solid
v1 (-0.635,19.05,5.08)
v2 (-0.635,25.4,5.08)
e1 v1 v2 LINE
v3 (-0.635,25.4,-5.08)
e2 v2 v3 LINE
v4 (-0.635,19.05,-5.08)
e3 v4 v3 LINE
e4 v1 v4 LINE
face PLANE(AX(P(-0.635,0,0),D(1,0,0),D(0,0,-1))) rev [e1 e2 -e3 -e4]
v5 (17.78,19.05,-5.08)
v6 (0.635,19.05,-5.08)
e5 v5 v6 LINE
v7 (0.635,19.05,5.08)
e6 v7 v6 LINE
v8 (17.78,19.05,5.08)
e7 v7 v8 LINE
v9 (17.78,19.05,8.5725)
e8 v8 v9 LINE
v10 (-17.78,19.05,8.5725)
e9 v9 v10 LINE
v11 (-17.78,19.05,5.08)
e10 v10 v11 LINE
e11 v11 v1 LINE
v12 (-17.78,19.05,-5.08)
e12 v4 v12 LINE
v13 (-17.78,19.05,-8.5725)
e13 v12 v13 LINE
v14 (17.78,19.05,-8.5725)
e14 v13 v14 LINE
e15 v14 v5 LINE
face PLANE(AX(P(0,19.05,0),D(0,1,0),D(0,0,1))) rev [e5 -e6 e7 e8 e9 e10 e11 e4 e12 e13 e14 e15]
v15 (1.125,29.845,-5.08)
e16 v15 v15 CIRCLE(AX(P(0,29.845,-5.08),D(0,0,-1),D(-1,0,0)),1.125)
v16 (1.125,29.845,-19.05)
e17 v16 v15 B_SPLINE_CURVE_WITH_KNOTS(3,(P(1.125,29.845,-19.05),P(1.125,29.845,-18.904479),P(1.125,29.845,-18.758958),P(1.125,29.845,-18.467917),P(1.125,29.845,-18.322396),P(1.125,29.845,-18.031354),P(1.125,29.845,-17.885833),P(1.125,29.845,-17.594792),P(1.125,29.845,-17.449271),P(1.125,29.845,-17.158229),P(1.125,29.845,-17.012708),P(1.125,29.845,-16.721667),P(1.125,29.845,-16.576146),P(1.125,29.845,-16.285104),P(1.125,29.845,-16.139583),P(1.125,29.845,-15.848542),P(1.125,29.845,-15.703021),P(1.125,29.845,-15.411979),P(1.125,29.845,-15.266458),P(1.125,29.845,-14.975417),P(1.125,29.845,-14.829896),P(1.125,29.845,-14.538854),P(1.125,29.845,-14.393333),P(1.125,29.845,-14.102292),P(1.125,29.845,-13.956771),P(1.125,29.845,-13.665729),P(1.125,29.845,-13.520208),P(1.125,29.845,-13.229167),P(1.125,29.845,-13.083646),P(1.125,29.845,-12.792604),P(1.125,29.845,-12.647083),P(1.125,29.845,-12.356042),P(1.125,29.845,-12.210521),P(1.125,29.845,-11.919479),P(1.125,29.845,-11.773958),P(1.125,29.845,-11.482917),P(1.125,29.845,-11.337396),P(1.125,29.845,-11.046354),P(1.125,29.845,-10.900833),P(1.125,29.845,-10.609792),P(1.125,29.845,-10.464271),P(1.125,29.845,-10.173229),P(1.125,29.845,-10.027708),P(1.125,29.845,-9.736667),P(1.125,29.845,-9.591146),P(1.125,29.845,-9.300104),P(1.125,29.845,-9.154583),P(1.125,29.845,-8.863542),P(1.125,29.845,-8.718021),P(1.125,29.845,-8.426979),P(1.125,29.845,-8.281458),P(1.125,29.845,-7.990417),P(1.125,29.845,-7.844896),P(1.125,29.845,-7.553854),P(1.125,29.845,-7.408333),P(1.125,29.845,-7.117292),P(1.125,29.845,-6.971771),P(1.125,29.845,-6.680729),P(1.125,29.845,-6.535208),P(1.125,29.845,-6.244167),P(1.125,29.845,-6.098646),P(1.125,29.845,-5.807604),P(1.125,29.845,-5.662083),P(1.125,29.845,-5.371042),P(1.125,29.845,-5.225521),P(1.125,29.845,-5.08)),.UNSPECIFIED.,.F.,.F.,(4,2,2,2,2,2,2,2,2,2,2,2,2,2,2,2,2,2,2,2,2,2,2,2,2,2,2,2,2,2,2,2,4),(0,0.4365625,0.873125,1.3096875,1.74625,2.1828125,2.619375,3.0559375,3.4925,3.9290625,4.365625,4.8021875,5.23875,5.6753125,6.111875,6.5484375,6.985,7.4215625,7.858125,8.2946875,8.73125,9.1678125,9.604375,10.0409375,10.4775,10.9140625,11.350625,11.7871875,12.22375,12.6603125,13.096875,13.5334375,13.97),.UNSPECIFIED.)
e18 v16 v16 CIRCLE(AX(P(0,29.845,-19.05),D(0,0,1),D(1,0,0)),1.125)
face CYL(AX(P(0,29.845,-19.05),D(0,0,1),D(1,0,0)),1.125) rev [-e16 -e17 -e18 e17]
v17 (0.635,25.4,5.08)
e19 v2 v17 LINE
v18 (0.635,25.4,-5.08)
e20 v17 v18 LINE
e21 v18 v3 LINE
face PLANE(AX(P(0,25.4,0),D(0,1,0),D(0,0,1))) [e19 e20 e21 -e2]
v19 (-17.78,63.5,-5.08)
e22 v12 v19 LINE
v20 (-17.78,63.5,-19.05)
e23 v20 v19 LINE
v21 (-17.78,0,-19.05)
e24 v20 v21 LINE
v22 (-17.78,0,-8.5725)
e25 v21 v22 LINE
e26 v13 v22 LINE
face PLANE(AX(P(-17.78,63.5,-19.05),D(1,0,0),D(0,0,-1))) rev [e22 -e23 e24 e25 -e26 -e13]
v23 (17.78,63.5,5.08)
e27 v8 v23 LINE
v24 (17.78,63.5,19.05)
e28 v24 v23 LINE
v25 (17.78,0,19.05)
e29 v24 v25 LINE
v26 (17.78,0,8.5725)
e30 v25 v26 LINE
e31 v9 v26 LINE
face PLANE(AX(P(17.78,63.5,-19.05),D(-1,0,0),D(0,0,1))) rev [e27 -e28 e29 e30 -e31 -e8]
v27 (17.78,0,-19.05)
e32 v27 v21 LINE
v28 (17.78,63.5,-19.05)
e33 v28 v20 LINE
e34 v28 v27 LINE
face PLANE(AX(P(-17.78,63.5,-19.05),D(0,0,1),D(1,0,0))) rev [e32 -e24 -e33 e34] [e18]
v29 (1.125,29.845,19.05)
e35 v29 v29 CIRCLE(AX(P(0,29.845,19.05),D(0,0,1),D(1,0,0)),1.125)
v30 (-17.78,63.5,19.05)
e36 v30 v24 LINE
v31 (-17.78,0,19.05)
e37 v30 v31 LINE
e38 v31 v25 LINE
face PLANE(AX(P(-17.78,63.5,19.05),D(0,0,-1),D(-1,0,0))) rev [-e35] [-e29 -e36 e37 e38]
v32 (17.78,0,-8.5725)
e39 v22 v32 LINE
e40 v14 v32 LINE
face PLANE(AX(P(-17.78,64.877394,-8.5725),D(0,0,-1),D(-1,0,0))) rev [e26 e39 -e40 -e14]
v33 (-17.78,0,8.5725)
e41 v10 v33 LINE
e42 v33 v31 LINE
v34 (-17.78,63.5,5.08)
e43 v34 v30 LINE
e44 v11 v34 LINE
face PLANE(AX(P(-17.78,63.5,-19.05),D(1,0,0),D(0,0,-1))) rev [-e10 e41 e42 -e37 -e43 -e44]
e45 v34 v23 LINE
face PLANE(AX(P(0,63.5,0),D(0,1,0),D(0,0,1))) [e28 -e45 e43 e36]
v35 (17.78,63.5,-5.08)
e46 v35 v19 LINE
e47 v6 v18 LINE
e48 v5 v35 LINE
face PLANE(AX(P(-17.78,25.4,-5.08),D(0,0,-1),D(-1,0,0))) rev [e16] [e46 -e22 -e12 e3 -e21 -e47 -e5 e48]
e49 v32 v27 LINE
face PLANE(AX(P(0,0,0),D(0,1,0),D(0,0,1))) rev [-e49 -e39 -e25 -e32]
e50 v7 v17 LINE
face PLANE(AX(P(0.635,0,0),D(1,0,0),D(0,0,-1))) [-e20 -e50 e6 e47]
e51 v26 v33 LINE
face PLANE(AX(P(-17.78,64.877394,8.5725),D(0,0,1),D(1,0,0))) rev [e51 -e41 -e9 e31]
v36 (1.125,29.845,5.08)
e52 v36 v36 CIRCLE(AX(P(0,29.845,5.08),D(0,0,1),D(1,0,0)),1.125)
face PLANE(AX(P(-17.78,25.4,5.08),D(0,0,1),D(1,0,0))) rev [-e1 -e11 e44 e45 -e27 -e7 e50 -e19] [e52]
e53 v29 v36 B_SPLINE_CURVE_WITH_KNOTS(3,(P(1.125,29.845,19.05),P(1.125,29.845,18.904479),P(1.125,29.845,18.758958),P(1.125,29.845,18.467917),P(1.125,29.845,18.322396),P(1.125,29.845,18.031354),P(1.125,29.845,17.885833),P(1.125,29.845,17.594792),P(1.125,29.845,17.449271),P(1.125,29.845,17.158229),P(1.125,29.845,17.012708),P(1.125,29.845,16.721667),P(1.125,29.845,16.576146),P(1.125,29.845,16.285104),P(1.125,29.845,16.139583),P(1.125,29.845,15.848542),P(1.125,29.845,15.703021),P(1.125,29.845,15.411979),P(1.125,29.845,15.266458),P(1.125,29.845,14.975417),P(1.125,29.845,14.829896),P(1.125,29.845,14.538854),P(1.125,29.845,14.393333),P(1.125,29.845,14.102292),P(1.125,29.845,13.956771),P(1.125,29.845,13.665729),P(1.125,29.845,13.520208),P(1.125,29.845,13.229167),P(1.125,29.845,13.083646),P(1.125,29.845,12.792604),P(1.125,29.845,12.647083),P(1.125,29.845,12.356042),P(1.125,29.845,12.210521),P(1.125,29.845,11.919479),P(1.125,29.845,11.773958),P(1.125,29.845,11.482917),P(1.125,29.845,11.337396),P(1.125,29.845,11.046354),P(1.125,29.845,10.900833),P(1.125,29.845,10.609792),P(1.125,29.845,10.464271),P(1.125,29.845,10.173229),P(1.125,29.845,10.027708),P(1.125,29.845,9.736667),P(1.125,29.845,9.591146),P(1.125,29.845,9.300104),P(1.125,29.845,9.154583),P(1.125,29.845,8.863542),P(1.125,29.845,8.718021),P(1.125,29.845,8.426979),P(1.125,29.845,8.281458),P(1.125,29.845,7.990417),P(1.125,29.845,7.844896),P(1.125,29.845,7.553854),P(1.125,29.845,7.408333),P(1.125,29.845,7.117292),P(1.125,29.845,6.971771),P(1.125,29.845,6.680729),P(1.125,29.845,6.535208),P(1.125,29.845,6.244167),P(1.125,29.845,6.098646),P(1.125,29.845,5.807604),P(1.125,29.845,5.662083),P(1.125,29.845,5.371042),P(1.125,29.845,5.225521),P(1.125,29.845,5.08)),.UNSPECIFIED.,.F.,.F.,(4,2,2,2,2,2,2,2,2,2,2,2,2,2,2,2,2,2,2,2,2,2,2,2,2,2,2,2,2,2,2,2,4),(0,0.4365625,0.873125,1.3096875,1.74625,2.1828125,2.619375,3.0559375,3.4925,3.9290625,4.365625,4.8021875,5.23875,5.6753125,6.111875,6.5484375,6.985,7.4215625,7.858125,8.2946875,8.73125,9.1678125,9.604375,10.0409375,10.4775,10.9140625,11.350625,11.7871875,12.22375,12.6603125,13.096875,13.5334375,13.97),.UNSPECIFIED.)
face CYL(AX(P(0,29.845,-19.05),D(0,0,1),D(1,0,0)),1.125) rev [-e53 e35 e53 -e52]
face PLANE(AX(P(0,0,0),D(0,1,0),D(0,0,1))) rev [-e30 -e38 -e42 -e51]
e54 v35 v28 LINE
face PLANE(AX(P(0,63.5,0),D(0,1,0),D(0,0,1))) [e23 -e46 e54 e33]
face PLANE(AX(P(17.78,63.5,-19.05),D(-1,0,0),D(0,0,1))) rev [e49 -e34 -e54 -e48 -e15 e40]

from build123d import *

# Parameters (mm, degrees)
SKETCH1_W               = 35.56
SKETCH1_H               = 38.1
BOSS_EXTRUDE1_DEPTH     = 63.5
SKETCH3_W               = 35.56
SKETCH3_H               = 10.16
CUT_EXTRUDE1_DEPTH      = 38.1
SKETCH4_W               = 35.56
SKETCH4_H               = 17.145
CUT_EXTRUDE2_DEPTH      = 19.05
SKETCH5_W               = 17.145
SKETCH5_H               = 10.16
CUT_EXTRUDE3_DEPTH      = 47.158865887
CUT_EXTRUDE4_DEPTH      = 71.21848261
CUT_EXTRUDE4_DEPTH_BACK = 71.21848261
SKETCH6_R               = 1.125


with BuildPart() as part:
    # Sketch1 → Boss-Extrude1 (new body)
    with BuildSketch(Plane(origin=(0, 0, 0), x_dir=(1, 0, 0), z_dir=(0, 1, 0))):
        Rectangle(SKETCH1_W, SKETCH1_H)
    extrude(amount=BOSS_EXTRUDE1_DEPTH)

    # Sketch3 → Cut-Extrude1 (cut)
    with BuildSketch(Plane(origin=(0, 63.5, 0), x_dir=(1, 0, 0), z_dir=(0, 1, 0))):
        Rectangle(SKETCH3_W, SKETCH3_H)
    extrude(amount=-CUT_EXTRUDE1_DEPTH, mode=Mode.SUBTRACT)

    # Sketch4 → Cut-Extrude2 (cut)
    with BuildSketch(Plane.XZ):
        Rectangle(SKETCH4_W, SKETCH4_H)
    extrude(amount=-CUT_EXTRUDE2_DEPTH, mode=Mode.SUBTRACT)

    # Sketch5 → Cut-Extrude3 (cut, through all)
    with BuildSketch(Plane(origin=(0, 25.4, 0), x_dir=(1, 0, 0), z_dir=(0, 1, 0))):
        with Locations((-9.2075, 0)):
            Rectangle(SKETCH5_W, SKETCH5_H)
        with Locations((9.2075, 0)):
            Rectangle(SKETCH5_W, SKETCH5_H)
    extrude(amount=-CUT_EXTRUDE3_DEPTH, mode=Mode.SUBTRACT)

    # Sketch6 → Cut-Extrude4 (cut, two sides: drawn at the far end of the back side and taken through both)
    with BuildSketch(Plane.XY.offset(-5.08).offset(-CUT_EXTRUDE4_DEPTH_BACK)):
        with Locations((0, 29.845)):
            Circle(SKETCH6_R)
    extrude(amount=CUT_EXTRUDE4_DEPTH + CUT_EXTRUDE4_DEPTH_BACK, mode=Mode.SUBTRACT)


solid = part.part
